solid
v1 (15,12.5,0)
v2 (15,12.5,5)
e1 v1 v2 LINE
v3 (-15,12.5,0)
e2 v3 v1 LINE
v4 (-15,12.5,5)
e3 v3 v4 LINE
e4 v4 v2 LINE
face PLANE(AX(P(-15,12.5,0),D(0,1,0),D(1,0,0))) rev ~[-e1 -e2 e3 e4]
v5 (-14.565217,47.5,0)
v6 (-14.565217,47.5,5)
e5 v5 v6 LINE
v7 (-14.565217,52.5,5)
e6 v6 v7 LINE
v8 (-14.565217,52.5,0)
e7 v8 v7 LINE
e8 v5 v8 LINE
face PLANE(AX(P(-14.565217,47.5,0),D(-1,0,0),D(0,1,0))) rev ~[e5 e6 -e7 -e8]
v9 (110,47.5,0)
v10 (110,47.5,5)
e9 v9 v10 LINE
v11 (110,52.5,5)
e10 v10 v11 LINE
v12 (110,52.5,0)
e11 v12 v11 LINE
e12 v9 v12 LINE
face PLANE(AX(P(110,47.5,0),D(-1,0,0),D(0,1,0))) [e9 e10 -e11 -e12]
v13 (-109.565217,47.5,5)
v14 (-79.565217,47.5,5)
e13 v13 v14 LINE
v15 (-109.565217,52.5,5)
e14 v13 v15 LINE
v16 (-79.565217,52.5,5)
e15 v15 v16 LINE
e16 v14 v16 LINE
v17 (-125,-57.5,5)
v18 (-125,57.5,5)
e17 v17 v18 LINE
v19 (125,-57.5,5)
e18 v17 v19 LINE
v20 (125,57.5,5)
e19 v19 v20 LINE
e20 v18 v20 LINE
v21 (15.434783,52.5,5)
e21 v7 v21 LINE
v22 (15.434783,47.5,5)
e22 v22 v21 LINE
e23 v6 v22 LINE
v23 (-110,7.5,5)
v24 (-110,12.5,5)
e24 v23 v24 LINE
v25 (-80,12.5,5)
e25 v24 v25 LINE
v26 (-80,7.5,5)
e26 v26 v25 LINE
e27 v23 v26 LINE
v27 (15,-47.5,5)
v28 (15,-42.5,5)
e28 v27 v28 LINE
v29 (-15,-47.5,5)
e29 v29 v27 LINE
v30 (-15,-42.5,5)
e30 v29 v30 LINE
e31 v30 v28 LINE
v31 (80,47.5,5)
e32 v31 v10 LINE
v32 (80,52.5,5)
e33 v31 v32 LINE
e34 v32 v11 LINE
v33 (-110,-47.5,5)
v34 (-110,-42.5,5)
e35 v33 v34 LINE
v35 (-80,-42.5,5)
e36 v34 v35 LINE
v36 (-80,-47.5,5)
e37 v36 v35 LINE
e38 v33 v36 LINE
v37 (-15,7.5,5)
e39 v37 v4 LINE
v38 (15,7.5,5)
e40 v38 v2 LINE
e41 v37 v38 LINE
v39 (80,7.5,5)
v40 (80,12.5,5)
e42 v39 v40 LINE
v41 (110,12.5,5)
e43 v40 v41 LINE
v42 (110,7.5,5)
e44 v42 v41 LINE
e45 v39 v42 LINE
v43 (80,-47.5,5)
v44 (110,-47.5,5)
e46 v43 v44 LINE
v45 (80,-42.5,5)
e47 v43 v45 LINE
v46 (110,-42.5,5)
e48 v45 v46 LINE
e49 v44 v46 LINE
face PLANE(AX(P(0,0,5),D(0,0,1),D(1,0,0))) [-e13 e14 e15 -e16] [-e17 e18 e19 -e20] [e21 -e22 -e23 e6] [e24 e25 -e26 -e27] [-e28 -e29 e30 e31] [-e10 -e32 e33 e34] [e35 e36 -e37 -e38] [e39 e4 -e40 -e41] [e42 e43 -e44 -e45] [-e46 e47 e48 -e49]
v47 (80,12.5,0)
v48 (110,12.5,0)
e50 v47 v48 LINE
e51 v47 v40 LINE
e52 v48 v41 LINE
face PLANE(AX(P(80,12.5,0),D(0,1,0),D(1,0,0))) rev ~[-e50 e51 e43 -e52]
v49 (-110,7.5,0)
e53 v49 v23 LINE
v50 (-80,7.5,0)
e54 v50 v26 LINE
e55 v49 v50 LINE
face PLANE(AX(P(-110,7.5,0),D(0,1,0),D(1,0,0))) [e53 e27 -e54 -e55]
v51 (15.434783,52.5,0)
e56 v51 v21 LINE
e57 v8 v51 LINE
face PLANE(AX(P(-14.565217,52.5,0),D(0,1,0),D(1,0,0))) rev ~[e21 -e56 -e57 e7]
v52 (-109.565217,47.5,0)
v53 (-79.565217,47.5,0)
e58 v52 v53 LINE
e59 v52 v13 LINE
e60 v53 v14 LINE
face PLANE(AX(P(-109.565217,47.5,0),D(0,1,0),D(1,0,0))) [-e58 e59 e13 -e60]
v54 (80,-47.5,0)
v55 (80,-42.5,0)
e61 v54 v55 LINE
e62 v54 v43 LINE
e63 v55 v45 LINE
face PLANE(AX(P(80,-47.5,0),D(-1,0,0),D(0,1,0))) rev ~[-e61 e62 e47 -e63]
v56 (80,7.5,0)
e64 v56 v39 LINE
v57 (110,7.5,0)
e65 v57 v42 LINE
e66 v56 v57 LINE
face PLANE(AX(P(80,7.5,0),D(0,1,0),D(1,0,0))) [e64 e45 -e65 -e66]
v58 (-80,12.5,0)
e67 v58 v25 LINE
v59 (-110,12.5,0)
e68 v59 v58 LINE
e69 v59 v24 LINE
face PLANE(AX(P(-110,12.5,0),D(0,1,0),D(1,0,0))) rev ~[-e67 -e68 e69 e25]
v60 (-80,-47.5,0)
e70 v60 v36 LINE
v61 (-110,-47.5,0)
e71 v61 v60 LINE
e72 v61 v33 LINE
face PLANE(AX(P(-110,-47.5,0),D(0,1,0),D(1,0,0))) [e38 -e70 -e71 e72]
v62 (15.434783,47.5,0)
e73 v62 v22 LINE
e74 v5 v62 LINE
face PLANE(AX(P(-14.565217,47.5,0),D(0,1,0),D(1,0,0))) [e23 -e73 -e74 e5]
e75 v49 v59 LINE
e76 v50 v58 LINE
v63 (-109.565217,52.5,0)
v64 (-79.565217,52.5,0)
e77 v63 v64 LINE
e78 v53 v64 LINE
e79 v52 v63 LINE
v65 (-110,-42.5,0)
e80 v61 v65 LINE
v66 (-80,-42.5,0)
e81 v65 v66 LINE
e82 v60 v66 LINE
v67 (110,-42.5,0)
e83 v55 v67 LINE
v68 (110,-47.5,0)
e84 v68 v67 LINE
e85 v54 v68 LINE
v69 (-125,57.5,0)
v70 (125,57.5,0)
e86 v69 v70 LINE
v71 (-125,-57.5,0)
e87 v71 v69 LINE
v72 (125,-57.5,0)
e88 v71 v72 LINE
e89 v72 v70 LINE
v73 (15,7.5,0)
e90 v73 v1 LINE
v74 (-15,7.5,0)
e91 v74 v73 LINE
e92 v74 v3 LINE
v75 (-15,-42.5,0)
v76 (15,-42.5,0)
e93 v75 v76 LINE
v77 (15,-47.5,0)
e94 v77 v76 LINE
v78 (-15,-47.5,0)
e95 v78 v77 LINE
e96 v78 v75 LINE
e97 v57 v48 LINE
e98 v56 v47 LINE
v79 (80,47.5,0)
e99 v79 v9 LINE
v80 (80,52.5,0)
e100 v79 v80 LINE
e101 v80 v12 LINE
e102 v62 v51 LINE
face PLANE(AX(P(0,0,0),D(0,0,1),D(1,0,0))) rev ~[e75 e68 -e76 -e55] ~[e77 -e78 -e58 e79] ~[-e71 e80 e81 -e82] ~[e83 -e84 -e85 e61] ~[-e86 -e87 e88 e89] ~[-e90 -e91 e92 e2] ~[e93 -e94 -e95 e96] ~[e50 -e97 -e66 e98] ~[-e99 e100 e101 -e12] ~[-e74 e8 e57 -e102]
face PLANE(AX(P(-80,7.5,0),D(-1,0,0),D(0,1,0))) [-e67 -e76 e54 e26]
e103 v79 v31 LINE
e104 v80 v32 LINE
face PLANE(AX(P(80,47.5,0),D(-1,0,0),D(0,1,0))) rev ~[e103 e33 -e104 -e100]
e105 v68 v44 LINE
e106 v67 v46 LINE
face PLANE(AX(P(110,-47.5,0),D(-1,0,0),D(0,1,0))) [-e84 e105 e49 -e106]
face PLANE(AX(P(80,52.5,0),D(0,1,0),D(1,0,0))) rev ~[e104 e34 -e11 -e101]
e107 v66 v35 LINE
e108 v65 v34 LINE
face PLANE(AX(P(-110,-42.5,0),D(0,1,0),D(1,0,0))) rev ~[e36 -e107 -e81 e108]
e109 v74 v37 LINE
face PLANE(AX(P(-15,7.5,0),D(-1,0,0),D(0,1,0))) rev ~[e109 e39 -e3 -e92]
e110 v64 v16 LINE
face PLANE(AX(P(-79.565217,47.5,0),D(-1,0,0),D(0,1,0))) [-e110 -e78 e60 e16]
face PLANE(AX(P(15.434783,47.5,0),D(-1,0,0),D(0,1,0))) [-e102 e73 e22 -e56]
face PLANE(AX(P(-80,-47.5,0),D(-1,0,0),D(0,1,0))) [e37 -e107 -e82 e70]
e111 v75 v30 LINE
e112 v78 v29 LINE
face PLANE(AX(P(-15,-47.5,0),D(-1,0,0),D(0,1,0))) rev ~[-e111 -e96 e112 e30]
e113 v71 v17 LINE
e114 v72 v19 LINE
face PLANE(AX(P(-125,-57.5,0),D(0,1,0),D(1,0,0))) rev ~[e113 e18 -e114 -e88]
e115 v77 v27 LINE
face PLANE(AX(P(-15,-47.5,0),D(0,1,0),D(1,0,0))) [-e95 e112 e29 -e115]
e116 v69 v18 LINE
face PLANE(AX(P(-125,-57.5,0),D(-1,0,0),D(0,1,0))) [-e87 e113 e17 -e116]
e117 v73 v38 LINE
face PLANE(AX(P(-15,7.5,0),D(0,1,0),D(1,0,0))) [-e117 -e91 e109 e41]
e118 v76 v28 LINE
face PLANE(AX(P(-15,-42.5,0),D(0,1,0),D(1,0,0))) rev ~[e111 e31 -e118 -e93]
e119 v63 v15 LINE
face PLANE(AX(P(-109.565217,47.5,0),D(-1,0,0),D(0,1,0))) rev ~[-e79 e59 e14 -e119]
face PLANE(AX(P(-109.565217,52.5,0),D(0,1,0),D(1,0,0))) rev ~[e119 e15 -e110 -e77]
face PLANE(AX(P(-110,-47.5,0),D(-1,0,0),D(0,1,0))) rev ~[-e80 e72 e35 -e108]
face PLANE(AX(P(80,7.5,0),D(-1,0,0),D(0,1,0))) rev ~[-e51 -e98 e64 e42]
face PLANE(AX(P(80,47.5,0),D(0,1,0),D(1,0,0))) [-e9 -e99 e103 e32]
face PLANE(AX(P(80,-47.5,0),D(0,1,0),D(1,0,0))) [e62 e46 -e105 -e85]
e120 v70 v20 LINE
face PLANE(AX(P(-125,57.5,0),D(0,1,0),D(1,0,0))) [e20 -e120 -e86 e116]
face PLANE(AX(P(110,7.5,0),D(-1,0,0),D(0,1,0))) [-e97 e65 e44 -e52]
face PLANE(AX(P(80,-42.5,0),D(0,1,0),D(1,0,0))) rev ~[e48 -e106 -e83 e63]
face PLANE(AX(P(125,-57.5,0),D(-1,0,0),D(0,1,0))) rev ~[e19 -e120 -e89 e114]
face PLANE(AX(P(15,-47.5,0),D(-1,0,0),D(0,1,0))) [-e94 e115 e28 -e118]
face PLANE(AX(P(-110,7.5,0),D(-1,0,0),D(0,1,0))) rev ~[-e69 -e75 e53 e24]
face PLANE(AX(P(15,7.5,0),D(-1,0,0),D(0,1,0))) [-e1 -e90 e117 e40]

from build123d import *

# Parameters (mm, degrees)
SKETCH2_W           = 250
SKETCH2_H           = 115
SKETCH2_W_2         = 30
SKETCH2_H_2         = 5
BOSS_EXTRUDE1_DEPTH = 5


with BuildPart() as part:
    # Sketch2 → Boss-Extrude1 (new body)
    with BuildSketch(Plane.XY):
        Rectangle(SKETCH2_W, SKETCH2_H)
        with Locations((-94.565217391, 50)):
            Rectangle(SKETCH2_W_2, SKETCH2_H_2, mode=Mode.SUBTRACT)
        with Locations((0.434782609, 50)):
            Rectangle(SKETCH2_W_2, SKETCH2_H_2, mode=Mode.SUBTRACT)
        with Locations((95, 50)):
            Rectangle(SKETCH2_W_2, SKETCH2_H_2, mode=Mode.SUBTRACT)
        with Locations((95, 10)):
            Rectangle(SKETCH2_W_2, SKETCH2_H_2, mode=Mode.SUBTRACT)
        with Locations((0, 10)):
            Rectangle(SKETCH2_W_2, SKETCH2_H_2, mode=Mode.SUBTRACT)
        with Locations((-95, 10)):
            Rectangle(SKETCH2_W_2, SKETCH2_H_2, mode=Mode.SUBTRACT)
        with Locations((-95, -45)):
            Rectangle(SKETCH2_W_2, SKETCH2_H_2, mode=Mode.SUBTRACT)
        with Locations((0, -45)):
            Rectangle(SKETCH2_W_2, SKETCH2_H_2, mode=Mode.SUBTRACT)
        with Locations((95, -45)):
            Rectangle(SKETCH2_W_2, SKETCH2_H_2, mode=Mode.SUBTRACT)
    extrude(amount=BOSS_EXTRUDE1_DEPTH)


solid = part.part
